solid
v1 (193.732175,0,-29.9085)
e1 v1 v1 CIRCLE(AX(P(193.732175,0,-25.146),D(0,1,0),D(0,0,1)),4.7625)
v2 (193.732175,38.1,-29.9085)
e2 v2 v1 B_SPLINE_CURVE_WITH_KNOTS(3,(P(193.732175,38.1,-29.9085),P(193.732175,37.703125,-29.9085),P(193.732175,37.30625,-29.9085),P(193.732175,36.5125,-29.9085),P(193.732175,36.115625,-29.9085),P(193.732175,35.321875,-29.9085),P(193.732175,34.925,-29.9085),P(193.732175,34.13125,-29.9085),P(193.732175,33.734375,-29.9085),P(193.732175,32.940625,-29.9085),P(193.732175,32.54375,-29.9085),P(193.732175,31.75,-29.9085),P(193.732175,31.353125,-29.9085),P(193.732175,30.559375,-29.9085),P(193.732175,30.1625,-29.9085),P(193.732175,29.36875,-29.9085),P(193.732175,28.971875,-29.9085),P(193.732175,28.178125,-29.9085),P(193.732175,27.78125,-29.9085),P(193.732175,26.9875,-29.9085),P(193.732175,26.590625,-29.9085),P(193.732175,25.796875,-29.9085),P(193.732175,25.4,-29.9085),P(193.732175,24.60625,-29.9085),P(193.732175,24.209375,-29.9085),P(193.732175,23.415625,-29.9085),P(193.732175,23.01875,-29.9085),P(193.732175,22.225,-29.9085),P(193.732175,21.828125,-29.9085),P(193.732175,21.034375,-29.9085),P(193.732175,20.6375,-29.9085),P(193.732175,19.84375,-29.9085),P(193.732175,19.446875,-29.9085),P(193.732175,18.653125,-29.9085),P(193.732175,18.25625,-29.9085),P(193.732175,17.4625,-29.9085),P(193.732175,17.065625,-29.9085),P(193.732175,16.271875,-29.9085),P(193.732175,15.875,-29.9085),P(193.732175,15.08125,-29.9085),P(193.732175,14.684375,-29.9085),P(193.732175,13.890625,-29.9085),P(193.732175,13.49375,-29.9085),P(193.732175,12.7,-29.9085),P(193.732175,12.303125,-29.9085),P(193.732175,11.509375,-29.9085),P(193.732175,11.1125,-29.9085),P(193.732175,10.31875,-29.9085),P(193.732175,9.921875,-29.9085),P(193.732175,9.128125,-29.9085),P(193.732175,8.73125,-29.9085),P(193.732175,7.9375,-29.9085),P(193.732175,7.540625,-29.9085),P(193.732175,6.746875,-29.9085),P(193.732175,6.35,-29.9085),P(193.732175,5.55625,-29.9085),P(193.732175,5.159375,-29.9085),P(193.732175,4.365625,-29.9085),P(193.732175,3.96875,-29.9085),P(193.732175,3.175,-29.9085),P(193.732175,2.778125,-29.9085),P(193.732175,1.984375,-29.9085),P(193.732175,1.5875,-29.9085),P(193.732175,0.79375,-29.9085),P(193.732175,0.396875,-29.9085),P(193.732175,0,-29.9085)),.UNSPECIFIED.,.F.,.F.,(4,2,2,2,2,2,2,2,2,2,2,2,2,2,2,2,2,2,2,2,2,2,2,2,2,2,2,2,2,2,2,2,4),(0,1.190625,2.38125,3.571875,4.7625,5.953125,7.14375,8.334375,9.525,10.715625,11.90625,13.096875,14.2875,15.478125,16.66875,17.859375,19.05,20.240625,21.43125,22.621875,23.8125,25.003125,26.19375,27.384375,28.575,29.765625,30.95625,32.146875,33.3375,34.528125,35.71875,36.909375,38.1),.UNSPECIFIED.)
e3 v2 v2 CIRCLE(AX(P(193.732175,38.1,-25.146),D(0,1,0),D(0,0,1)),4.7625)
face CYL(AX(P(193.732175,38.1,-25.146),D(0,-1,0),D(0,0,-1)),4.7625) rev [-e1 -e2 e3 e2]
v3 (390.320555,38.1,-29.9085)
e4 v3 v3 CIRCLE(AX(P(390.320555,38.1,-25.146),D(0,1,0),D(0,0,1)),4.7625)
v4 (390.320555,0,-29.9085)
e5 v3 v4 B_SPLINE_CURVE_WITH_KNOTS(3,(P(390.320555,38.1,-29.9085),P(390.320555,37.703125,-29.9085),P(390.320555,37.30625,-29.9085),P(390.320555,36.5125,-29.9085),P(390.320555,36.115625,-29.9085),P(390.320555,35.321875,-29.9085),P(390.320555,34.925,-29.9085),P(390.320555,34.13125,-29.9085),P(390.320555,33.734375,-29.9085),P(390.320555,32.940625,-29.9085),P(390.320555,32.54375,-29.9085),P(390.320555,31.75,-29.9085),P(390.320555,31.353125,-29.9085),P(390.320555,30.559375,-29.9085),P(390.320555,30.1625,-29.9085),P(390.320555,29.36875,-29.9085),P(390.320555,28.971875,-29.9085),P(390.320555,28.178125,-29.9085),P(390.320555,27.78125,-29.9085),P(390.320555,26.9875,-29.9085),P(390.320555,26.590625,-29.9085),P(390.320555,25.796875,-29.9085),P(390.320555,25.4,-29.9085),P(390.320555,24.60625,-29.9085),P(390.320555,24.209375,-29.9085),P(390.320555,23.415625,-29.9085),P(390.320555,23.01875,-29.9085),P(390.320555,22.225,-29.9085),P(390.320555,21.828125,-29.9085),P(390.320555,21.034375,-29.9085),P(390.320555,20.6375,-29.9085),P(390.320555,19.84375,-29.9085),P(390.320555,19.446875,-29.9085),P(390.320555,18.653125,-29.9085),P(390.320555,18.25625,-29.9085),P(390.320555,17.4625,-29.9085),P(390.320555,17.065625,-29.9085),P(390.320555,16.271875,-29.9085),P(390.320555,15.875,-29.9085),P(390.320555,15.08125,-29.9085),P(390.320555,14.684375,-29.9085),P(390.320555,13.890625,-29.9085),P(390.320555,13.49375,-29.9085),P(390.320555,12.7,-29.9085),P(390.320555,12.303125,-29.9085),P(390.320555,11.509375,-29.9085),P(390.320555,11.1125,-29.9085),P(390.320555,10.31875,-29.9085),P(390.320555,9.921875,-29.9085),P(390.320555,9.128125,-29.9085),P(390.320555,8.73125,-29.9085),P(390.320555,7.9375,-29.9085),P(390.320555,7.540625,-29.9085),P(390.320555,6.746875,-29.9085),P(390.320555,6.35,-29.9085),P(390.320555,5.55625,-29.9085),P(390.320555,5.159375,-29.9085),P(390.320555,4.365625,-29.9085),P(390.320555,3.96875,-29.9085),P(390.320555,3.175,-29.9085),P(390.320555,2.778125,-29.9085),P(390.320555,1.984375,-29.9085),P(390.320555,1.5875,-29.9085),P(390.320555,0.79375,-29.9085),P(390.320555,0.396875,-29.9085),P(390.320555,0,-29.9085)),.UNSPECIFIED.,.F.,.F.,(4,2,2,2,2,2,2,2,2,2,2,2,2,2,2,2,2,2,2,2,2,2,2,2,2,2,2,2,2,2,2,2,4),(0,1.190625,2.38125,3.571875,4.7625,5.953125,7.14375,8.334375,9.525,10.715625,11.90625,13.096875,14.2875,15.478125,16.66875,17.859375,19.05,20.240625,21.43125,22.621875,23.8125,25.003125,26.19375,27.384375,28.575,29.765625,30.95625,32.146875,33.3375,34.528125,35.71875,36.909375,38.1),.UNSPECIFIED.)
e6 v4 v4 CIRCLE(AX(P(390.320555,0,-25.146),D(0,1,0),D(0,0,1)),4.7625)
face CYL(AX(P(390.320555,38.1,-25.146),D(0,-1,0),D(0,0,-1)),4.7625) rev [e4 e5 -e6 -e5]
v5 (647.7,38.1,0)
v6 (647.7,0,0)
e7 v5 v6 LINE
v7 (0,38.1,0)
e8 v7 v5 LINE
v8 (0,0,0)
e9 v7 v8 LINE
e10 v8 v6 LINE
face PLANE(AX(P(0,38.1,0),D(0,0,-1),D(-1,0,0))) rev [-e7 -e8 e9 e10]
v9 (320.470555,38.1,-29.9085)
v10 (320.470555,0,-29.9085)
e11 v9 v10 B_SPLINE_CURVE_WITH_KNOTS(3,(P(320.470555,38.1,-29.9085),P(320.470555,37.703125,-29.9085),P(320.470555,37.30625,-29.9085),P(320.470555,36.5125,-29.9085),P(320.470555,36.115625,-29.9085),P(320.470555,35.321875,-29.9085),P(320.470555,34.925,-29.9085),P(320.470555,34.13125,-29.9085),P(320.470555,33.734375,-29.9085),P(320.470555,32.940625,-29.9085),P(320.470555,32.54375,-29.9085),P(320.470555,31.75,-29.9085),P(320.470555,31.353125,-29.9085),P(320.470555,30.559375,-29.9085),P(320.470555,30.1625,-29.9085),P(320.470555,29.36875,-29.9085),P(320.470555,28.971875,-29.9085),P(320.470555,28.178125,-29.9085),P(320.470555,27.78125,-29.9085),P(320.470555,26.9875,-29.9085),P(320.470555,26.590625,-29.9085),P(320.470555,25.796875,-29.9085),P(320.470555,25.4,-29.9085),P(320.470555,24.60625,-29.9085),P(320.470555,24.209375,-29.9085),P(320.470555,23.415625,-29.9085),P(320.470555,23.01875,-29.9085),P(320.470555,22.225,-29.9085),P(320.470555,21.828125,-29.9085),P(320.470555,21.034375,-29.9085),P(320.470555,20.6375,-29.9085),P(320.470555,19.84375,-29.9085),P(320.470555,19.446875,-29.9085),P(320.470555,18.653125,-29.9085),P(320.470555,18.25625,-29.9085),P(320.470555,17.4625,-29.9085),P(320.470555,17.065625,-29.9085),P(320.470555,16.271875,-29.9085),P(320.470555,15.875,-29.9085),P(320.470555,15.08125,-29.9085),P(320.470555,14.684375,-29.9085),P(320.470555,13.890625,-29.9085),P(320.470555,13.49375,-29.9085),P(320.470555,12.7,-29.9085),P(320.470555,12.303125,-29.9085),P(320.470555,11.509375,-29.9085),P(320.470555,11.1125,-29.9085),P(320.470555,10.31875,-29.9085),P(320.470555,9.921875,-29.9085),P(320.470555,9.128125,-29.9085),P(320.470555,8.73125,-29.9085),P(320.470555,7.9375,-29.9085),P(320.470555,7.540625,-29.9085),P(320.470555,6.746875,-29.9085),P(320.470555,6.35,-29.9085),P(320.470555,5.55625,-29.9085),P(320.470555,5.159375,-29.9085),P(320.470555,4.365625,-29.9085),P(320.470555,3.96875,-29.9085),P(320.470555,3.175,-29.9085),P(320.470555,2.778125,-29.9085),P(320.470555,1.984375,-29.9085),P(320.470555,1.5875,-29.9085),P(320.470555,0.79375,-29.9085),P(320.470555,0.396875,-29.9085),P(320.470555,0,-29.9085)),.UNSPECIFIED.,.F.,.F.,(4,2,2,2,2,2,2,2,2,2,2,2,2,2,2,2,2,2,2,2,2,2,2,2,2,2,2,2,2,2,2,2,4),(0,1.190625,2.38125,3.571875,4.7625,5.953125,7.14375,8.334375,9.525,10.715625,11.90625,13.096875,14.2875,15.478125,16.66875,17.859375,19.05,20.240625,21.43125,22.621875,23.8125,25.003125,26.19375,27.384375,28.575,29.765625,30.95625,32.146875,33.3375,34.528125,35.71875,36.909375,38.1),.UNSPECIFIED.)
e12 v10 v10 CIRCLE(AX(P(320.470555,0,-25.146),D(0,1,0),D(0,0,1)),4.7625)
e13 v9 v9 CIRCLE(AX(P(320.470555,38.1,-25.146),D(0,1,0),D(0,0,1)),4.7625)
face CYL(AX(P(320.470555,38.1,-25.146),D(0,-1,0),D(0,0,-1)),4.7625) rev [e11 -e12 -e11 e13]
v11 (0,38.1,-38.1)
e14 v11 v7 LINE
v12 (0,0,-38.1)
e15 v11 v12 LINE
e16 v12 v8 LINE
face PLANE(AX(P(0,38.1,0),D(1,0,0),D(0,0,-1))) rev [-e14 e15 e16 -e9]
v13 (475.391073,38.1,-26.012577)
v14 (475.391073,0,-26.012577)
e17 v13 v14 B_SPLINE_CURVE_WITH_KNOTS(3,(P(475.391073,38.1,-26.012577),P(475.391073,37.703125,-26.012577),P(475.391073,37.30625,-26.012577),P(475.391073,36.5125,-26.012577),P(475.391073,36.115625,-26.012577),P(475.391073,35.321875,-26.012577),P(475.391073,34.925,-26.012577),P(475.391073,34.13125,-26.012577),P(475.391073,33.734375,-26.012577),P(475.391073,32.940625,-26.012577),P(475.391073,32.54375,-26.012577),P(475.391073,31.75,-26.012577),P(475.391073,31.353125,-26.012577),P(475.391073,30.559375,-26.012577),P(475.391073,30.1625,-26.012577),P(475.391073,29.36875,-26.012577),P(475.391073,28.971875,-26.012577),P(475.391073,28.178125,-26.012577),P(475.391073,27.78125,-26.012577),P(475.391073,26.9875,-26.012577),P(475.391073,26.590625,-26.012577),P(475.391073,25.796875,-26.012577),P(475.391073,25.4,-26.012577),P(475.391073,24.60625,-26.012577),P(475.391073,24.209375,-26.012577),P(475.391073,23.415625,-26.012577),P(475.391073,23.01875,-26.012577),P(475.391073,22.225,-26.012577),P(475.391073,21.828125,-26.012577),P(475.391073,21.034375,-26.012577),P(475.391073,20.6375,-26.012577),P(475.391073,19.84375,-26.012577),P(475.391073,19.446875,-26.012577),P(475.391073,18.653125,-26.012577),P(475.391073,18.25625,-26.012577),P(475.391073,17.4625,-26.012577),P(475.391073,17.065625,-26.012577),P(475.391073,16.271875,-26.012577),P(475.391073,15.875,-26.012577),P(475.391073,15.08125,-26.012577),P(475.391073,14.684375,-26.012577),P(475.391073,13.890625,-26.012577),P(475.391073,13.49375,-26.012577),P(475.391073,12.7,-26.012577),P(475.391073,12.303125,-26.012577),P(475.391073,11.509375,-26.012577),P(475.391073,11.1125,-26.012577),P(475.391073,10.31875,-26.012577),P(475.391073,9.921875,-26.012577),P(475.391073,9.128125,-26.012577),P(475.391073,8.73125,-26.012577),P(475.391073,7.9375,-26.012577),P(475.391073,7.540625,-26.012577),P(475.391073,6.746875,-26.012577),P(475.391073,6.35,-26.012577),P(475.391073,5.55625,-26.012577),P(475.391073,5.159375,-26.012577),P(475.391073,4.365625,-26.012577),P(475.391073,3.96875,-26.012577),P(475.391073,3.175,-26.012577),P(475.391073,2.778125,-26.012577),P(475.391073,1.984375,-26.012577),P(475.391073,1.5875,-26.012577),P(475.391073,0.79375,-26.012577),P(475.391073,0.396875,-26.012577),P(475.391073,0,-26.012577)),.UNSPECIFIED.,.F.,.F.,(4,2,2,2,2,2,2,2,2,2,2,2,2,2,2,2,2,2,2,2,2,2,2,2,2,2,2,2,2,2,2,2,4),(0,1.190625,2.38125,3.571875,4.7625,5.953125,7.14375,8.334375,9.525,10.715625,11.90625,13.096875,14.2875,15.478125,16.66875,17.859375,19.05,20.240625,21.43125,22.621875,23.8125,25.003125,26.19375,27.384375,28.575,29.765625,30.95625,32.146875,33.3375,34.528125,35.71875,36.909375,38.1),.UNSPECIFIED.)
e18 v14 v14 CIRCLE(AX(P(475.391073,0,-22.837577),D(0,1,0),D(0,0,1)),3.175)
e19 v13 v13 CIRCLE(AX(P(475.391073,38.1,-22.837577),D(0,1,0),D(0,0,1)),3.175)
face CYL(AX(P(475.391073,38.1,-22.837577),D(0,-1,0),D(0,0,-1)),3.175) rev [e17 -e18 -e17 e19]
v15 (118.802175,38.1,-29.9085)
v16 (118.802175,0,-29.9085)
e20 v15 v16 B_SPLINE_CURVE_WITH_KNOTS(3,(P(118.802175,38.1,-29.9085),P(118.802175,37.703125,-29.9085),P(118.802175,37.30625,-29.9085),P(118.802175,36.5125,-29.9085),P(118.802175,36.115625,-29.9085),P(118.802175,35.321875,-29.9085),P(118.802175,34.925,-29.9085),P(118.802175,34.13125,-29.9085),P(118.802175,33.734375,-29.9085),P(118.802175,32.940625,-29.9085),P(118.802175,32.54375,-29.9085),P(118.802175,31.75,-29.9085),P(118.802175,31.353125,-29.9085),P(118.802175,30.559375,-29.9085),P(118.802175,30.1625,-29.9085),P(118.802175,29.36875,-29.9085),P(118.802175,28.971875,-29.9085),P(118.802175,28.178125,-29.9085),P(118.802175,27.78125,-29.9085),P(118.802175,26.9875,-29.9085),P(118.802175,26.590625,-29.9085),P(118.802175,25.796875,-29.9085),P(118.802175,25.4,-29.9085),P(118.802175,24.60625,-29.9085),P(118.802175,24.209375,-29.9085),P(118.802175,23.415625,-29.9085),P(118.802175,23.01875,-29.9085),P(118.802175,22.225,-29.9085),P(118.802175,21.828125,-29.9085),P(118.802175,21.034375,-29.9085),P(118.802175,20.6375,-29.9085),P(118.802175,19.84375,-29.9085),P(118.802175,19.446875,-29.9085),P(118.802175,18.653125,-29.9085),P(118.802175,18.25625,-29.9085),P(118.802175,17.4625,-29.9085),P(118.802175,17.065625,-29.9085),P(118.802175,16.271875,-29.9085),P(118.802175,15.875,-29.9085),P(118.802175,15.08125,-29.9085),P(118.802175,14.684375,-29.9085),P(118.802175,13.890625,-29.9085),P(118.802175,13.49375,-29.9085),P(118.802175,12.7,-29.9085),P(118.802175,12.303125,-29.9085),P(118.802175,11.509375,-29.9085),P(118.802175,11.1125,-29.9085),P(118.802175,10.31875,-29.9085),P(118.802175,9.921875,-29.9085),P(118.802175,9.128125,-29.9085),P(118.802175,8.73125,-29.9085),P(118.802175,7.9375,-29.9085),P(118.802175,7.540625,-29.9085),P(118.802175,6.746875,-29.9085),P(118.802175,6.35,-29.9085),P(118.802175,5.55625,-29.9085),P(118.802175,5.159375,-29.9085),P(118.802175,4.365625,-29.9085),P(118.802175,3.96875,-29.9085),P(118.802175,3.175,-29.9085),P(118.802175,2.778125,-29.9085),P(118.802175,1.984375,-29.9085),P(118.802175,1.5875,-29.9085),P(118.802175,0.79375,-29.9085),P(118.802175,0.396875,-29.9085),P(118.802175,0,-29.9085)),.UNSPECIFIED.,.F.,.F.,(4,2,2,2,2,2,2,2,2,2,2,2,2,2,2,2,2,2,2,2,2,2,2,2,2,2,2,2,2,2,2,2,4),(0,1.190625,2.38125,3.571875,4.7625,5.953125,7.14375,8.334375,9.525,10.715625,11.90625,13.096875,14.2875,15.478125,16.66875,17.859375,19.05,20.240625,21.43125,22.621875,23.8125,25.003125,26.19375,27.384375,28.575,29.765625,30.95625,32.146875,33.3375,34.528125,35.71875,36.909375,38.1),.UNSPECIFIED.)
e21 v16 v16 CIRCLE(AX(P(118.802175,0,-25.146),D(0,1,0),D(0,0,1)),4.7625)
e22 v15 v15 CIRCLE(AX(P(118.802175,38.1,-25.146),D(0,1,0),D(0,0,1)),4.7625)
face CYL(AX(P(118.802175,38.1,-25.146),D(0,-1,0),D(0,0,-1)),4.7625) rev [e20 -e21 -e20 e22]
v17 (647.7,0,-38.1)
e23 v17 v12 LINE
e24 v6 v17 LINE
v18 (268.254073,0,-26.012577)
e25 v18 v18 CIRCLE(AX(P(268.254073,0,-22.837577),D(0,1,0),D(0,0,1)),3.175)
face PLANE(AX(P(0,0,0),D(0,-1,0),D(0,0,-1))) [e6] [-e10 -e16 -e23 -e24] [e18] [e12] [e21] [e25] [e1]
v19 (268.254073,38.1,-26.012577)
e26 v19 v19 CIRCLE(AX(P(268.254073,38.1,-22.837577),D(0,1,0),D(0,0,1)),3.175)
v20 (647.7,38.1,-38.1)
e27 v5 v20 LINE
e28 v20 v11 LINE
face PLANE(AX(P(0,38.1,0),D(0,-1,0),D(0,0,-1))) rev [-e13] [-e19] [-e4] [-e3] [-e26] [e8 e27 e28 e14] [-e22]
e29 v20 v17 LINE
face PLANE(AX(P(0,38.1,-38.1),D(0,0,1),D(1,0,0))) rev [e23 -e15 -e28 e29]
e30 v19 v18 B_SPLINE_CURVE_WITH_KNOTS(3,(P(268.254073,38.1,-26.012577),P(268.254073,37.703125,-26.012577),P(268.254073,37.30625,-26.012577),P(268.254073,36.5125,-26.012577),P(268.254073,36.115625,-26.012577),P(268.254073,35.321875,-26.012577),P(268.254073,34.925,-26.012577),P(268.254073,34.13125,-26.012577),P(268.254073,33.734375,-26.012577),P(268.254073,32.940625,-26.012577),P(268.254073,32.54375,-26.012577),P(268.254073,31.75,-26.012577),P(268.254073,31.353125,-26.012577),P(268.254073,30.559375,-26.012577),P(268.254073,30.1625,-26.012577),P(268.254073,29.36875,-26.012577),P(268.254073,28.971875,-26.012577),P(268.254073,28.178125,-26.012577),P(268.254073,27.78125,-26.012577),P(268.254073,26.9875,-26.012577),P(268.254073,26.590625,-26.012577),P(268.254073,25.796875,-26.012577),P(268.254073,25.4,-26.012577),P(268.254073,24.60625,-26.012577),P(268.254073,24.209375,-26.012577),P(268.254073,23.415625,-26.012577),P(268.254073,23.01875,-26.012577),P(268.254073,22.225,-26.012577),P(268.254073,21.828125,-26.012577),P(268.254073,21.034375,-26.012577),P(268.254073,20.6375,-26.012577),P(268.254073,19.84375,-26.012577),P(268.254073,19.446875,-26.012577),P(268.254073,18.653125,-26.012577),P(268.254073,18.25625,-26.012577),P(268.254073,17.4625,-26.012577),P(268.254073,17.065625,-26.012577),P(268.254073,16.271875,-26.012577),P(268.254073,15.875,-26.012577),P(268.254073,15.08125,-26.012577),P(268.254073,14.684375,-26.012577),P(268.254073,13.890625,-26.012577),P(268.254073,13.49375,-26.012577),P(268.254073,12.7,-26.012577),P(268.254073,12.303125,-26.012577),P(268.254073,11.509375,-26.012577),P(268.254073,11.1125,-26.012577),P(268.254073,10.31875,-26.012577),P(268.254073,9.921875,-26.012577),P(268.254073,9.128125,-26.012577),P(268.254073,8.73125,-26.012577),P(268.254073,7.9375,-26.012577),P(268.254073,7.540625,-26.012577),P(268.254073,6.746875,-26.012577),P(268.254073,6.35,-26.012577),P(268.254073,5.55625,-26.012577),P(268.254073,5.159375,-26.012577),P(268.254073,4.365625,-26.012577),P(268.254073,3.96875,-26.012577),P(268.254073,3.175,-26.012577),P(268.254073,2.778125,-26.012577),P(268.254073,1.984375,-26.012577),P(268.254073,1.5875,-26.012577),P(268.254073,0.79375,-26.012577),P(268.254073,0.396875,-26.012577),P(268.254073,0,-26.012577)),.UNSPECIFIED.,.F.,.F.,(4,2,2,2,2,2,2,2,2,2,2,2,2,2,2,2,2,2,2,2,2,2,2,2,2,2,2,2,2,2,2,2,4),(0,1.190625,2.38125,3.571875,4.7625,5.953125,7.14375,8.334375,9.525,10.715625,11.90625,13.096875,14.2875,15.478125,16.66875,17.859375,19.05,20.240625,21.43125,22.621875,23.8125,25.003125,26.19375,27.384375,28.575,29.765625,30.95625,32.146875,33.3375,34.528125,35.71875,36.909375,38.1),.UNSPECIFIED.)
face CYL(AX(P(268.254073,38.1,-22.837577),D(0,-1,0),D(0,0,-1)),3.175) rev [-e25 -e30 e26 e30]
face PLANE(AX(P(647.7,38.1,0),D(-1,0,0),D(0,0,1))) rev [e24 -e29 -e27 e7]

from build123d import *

# Parameters (mm, degrees)
SKETCH1_W           = 647.7
SKETCH1_H           = 38.1
SKETCH1_R           = 4.7625
SKETCH1_R_2         = 3.175
BOSS_EXTRUDE1_DEPTH = 38.1


with BuildPart() as part:
    # Sketch1 → Boss-Extrude1 (new body)
    with BuildSketch(Plane(origin=(0, 0, 0), x_dir=(1, 0, 0), z_dir=(0, 1, 0))):
        with Locations((323.85, 19.05)):
            Rectangle(SKETCH1_W, SKETCH1_H)
        with Locations(Location((118.802175491, 25.146, 0), (0, 0, 90))):
            Circle(SKETCH1_R, mode=Mode.SUBTRACT)
        with Locations(Location((193.732175491, 25.146, 0), (0, 0, 90))):
            Circle(SKETCH1_R, mode=Mode.SUBTRACT)
        with Locations(Location((320.470555491, 25.146, 0), (0, 0, 90))):
            Circle(SKETCH1_R, mode=Mode.SUBTRACT)
        with Locations(Location((390.320555491, 25.146, 0), (0, 0, 90))):
            Circle(SKETCH1_R, mode=Mode.SUBTRACT)
        with Locations(Location((268.254073092, 22.83757688, 0), (0, 0, 90))):
            Circle(SKETCH1_R_2, mode=Mode.SUBTRACT)
        with Locations(Location((475.391073092, 22.83757688, 0), (0, 0, 90))):
            Circle(SKETCH1_R_2, mode=Mode.SUBTRACT)
    extrude(amount=BOSS_EXTRUDE1_DEPTH)


solid = part.part
